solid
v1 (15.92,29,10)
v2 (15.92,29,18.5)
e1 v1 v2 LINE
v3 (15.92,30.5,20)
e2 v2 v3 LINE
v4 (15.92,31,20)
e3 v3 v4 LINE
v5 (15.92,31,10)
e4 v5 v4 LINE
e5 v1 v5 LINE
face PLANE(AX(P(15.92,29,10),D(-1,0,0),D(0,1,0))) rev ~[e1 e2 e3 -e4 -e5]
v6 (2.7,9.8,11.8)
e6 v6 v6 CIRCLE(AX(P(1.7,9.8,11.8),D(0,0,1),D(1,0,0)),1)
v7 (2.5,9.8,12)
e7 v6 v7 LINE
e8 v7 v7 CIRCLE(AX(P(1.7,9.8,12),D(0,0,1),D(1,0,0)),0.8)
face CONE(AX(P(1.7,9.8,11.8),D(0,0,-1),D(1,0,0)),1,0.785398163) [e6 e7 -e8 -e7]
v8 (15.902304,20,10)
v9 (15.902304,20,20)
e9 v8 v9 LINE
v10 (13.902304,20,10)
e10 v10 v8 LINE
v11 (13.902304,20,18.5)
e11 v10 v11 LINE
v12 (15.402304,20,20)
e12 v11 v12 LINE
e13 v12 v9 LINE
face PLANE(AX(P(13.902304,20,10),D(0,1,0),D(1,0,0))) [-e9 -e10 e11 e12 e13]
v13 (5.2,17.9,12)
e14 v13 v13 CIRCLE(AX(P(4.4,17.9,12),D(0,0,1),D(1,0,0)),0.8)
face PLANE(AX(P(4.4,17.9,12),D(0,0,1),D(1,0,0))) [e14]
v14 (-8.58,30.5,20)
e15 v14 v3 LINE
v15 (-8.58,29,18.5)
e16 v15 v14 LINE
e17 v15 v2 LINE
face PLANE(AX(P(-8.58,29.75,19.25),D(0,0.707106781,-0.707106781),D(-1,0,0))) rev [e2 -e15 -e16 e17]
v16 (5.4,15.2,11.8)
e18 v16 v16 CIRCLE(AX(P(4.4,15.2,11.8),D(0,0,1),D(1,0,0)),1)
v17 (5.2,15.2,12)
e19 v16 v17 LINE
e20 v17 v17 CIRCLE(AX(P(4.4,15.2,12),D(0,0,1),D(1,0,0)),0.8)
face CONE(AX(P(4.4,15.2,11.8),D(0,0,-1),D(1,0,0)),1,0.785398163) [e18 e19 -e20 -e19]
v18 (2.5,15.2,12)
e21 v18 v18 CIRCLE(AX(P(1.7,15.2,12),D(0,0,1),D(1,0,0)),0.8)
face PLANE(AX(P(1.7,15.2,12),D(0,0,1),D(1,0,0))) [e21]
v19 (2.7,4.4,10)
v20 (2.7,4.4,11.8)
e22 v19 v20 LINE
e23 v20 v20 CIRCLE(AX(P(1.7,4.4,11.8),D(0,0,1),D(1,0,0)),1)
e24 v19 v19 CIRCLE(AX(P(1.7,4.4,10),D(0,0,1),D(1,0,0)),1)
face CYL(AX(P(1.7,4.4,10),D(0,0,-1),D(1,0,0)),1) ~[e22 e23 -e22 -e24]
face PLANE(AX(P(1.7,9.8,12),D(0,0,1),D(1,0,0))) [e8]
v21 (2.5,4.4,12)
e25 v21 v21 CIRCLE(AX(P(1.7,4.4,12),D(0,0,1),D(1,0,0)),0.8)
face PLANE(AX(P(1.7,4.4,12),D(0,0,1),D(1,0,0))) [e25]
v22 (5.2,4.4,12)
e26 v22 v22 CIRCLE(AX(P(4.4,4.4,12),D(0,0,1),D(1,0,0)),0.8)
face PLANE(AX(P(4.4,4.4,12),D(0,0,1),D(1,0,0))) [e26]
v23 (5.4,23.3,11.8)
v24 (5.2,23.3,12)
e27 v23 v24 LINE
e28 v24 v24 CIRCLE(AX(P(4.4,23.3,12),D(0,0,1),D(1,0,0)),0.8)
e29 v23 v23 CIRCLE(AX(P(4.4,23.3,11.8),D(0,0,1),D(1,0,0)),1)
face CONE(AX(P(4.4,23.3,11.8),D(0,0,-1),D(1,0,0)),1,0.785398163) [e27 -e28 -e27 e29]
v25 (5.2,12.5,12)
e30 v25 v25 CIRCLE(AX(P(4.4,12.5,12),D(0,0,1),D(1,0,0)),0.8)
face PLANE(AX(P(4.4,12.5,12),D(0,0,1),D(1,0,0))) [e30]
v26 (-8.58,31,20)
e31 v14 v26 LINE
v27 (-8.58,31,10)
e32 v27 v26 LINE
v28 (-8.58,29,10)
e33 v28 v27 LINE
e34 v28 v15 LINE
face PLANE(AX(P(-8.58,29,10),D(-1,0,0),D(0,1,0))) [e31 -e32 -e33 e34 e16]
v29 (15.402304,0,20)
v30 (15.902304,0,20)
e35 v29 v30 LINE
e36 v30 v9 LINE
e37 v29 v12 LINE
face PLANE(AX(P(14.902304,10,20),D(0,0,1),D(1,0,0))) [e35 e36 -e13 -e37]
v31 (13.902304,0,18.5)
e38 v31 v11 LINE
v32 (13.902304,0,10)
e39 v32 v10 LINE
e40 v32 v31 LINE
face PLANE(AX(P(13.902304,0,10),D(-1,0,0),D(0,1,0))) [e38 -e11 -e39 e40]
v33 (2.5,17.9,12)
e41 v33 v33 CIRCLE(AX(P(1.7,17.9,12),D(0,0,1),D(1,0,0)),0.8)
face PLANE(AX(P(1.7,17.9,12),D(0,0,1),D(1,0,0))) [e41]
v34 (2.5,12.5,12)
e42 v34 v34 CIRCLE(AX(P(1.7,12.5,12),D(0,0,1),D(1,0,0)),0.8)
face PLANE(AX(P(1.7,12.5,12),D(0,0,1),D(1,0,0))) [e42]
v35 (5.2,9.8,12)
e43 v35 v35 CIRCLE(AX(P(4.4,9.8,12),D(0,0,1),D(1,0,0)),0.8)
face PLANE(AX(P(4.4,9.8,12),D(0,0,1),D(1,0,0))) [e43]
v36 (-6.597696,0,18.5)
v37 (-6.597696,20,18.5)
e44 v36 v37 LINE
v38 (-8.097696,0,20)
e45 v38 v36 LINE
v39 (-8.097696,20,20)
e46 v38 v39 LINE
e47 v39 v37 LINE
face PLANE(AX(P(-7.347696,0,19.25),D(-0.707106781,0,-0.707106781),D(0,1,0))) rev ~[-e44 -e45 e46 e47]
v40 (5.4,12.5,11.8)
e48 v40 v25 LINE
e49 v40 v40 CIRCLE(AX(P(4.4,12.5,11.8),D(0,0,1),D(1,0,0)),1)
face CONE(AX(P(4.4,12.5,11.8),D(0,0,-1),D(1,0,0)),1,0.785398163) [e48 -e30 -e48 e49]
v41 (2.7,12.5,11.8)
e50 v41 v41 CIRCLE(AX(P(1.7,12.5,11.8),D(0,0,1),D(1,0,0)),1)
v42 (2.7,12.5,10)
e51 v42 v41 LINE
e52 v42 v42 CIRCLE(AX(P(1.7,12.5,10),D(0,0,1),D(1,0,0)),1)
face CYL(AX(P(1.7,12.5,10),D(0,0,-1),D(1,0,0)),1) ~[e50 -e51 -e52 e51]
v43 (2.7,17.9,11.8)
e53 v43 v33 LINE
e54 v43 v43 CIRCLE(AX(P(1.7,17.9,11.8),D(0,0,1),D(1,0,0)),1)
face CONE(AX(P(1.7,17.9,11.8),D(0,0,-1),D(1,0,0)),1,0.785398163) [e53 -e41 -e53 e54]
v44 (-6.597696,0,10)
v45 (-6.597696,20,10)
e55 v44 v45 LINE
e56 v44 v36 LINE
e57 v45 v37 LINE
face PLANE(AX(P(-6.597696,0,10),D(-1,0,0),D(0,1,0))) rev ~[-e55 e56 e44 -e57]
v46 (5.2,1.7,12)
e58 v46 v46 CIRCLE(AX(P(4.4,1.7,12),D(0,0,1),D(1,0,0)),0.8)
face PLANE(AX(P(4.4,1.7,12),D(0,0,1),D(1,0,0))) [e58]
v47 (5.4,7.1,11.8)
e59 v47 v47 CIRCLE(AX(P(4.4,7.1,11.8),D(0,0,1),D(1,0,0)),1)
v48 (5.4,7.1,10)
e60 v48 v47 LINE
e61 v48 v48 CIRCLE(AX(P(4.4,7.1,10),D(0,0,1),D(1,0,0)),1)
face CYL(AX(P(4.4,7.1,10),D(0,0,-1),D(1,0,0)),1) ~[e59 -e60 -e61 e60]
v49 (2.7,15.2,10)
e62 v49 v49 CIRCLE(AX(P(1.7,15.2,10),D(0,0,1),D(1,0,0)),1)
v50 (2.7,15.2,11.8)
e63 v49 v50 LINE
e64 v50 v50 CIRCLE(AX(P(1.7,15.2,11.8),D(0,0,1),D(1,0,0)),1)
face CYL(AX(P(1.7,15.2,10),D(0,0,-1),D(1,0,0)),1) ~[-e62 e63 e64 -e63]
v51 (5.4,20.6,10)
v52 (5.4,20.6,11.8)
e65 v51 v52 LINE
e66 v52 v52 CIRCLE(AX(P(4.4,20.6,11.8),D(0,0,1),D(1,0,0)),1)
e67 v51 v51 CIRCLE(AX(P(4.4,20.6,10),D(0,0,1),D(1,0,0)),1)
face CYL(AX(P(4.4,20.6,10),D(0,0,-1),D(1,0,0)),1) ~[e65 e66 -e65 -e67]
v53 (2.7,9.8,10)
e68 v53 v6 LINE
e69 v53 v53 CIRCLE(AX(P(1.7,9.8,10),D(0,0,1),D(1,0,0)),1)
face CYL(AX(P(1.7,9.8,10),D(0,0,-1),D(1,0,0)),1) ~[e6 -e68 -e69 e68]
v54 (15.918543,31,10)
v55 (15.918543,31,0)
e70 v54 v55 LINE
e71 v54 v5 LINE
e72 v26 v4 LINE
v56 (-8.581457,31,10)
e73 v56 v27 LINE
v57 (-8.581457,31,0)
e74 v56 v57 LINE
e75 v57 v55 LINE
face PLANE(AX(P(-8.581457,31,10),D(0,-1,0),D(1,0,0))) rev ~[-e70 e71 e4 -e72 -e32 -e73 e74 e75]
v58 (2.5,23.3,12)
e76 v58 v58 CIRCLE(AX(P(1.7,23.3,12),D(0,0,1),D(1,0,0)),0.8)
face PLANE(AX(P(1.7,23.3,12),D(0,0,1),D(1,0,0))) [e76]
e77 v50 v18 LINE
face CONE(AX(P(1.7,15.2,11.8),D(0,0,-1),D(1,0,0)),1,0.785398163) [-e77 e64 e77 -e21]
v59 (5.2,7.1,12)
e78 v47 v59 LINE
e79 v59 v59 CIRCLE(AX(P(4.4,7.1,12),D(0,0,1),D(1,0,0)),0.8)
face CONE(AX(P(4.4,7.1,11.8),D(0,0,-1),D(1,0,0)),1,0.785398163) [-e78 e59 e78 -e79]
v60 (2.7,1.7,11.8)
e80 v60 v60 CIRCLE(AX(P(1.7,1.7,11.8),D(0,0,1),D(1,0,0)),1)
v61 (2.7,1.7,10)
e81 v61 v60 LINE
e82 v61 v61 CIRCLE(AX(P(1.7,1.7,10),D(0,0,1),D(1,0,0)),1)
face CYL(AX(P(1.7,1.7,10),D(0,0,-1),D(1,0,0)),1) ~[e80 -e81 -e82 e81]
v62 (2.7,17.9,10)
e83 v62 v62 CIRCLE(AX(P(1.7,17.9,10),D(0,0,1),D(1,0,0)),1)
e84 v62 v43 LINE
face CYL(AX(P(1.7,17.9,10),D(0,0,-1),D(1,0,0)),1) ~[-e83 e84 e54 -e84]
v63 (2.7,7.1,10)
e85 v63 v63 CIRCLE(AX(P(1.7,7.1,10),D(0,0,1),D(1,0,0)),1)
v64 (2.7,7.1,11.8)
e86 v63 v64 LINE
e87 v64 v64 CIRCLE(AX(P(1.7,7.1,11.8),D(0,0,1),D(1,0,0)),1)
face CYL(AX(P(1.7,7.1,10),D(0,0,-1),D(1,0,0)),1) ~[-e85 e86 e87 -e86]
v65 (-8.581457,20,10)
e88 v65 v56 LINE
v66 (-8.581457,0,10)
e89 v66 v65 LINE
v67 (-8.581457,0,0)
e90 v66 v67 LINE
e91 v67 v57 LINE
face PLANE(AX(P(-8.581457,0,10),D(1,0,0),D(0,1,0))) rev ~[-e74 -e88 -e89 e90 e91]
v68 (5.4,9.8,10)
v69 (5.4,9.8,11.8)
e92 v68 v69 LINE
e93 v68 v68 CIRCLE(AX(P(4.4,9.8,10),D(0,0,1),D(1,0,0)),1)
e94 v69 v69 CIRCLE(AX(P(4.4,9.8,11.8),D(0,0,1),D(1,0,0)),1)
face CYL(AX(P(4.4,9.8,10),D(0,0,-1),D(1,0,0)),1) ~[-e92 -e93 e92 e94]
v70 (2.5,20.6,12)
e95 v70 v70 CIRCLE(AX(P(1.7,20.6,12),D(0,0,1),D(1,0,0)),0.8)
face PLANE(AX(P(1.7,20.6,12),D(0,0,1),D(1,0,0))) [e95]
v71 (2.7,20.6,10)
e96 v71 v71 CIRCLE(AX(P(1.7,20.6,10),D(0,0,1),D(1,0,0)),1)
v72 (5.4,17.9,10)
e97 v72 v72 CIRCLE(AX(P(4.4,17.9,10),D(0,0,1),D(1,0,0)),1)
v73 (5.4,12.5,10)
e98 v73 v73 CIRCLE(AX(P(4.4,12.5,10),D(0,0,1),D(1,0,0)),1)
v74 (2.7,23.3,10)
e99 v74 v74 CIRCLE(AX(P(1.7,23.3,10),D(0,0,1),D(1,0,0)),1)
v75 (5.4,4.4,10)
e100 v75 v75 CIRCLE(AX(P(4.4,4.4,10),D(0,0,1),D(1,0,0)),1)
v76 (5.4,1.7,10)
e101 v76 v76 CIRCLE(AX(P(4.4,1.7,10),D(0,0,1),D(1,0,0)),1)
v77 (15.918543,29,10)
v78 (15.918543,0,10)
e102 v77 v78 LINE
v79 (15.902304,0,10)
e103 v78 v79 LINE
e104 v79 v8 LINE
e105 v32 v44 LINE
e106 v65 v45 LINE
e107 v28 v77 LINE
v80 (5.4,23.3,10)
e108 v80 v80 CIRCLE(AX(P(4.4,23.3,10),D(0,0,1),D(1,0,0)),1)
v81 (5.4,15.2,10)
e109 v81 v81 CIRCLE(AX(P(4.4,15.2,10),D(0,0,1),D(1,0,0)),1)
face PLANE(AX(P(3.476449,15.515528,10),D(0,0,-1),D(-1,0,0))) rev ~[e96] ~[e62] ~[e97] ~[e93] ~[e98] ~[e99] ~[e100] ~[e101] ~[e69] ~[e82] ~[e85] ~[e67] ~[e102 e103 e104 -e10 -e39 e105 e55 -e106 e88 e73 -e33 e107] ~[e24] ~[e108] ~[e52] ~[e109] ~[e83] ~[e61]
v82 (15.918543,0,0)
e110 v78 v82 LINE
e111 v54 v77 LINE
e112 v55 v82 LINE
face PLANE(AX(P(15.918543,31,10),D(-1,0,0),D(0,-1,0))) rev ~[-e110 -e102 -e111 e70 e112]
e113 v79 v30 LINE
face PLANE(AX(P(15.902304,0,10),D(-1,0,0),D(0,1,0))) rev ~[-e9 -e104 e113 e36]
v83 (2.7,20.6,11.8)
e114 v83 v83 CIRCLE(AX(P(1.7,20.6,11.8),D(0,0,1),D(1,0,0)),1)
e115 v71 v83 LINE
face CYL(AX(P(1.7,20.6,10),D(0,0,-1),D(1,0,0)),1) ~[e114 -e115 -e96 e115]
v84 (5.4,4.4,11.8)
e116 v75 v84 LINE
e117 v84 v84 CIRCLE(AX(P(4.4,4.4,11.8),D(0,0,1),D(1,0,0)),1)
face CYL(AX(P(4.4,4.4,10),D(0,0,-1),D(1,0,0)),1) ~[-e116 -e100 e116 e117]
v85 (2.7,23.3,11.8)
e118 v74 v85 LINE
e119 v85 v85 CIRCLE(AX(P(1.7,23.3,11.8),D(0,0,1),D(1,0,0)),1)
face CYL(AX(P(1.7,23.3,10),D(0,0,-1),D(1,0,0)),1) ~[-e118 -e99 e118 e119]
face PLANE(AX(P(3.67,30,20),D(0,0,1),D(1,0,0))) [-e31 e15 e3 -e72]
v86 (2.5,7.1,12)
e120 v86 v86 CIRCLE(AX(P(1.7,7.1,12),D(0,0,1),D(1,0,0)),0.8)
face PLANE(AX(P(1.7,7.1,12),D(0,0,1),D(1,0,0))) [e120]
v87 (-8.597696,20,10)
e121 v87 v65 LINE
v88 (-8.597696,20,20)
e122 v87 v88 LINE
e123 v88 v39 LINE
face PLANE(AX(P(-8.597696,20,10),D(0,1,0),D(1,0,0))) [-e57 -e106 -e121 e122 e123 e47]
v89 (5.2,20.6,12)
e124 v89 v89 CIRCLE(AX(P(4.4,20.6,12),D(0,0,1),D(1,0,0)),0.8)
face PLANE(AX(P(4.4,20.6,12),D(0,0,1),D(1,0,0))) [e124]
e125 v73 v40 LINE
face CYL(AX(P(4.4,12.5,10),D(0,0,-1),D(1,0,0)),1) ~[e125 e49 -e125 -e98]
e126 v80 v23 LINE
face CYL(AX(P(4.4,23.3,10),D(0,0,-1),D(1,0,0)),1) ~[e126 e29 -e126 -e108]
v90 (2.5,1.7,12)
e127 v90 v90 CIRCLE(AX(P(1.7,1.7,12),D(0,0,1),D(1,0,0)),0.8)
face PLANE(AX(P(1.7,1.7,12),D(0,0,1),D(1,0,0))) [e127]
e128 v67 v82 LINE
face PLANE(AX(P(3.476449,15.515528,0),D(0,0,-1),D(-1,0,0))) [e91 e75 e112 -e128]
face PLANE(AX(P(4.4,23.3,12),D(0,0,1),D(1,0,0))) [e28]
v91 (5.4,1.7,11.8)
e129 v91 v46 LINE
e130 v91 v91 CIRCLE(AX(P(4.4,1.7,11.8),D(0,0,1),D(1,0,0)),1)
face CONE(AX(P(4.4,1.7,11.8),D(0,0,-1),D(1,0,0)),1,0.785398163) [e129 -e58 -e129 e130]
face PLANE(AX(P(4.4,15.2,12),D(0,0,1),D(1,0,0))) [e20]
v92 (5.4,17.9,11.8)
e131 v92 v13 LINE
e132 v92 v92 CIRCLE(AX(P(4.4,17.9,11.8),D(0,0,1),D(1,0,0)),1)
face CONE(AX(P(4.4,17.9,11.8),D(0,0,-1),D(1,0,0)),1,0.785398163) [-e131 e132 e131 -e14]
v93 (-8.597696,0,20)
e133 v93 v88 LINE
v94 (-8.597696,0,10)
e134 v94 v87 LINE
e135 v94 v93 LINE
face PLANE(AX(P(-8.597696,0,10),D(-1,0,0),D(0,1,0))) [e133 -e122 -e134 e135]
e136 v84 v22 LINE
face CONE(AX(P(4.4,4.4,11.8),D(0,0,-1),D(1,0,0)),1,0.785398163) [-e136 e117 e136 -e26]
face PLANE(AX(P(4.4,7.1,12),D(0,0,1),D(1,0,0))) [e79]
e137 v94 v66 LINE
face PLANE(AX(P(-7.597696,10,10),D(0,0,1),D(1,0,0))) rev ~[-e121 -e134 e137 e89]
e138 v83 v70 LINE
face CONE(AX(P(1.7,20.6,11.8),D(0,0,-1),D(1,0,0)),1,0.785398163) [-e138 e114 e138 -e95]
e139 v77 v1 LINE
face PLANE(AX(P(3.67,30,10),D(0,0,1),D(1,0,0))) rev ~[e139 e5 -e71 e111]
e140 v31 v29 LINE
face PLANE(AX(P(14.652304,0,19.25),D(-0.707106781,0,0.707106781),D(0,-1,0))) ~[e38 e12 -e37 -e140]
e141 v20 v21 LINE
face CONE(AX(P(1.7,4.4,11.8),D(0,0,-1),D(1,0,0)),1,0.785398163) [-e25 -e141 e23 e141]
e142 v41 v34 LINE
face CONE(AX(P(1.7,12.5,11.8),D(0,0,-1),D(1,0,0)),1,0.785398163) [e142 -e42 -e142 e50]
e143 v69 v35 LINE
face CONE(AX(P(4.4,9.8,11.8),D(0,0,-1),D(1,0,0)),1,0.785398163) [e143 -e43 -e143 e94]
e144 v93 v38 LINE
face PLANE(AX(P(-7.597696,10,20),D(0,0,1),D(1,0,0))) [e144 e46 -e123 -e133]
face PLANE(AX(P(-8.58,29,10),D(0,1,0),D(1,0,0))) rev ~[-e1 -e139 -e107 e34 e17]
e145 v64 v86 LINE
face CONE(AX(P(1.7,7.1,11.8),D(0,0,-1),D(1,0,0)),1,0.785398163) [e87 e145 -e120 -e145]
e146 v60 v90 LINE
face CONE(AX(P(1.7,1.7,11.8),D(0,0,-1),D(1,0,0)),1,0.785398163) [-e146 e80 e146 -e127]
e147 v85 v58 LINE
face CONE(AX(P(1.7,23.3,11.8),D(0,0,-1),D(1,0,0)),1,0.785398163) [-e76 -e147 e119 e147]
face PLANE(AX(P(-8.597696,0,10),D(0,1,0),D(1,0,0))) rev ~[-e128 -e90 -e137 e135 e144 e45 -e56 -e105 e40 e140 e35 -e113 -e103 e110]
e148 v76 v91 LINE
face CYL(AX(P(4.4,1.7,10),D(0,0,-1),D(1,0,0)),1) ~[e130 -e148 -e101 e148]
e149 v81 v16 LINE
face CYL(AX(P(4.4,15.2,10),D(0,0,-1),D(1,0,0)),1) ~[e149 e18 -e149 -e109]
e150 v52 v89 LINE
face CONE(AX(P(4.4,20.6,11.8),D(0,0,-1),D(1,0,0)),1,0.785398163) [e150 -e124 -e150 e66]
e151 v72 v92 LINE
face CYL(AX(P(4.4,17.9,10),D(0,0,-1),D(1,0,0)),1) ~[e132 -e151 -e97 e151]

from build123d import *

# Parameters (mm, degrees)
SKETCH_W        = 6.1
SKETCH_H        = 25
PAD_DEPTH       = 10
SKETCH001_R     = 1
PAD001_DEPTH    = 2
CHAMFER_SIZE    = 0.2
PAD002_DEPTH    = 10
SKETCH003_W     = 2
SKETCH003_H     = 20
SKETCH003_W_2   = 24.5
SKETCH003_H_2   = 2
PAD003_DEPTH    = 10
CHAMFER001_SIZE = 1.5


with BuildPart() as part:
    # Sketch → Pad (new body)
    with BuildSketch(Plane.XY):
        with Locations((3.05, 12.5)):
            Rectangle(SKETCH_W, SKETCH_H)
    extrude(amount=PAD_DEPTH)

    # Sketch001 (on Face6 of Pad) → Pad001 (join)
    with BuildSketch(Plane.XY.offset(10)):
        with Locations((1.7, 23.3)):
            Circle(SKETCH001_R)
        with Locations((1.7, 20.6)):
            Circle(SKETCH001_R)
        with Locations((1.7, 17.9)):
            Circle(SKETCH001_R)
        with Locations((1.7, 15.2)):
            Circle(SKETCH001_R)
        with Locations((1.7, 12.5)):
            Circle(SKETCH001_R)
        with Locations((1.7, 9.8)):
            Circle(SKETCH001_R)
        with Locations((1.7, 7.1)):
            Circle(SKETCH001_R)
        with Locations((1.7, 4.4)):
            Circle(SKETCH001_R)
        with Locations((1.7, 1.7)):
            Circle(SKETCH001_R)
        with Locations((4.4, 23.3)):
            Circle(SKETCH001_R)
        with Locations((4.4, 20.6)):
            Circle(SKETCH001_R)
        with Locations((4.4, 17.9)):
            Circle(SKETCH001_R)
        with Locations((4.4, 15.2)):
            Circle(SKETCH001_R)
        with Locations((4.4, 12.5)):
            Circle(SKETCH001_R)
        with Locations((4.4, 9.8)):
            Circle(SKETCH001_R)
        with Locations((4.4, 7.1)):
            Circle(SKETCH001_R)
        with Locations((4.4, 4.4)):
            Circle(SKETCH001_R)
        with Locations((4.4, 1.7)):
            Circle(SKETCH001_R)
    extrude(amount=PAD001_DEPTH)

    # Chamfer
    chamfer_edges = [part.edges().sort_by_distance(p)[0] for p in [
        (0.7, 15.2, 12),
        (3.4, 15.2, 12),
        (3.4, 12.5, 12),
        (0.7, 12.5, 12),
        (0.7, 9.8, 12),
        (3.4, 9.8, 12),
        (3.4, 7.1, 12),
        (0.7, 7.1, 12),
        (0.7, 4.4, 12),
        (3.4, 4.4, 12),
        (3.4, 1.7, 12),
        (0.7, 1.7, 12),
        (0.7, 17.9, 12),
        (3.4, 17.9, 12),
        (3.4, 20.6, 12),
        (0.7, 20.6, 12),
        (0.7, 23.3, 12),
        (3.4, 23.3, 12),
    ]]
    chamfer(chamfer_edges, length=CHAMFER_SIZE)

    # Sketch002 (on Face3 of Chamfer) → Pad002 (join)
    with BuildSketch(Plane.XY.offset(10)):
        Polygon((0, 25), (0, 0), (-8.581457, 0), (-8.581457, 31), (15.918543, 31), (15.918543, 0), (6.1, 0), (6.1, 25), align=None)
    extrude(amount=-PAD002_DEPTH)

    # Sketch003 (on Face5 of Pad002) → Pad003 (join)
    with BuildSketch(Plane.XY.offset(10)):
        with Locations((-7.597696, 10)):
            Rectangle(SKETCH003_W, SKETCH003_H)
        with Locations((3.67, 30)):
            Rectangle(SKETCH003_W_2, SKETCH003_H_2)
        with Locations((14.902304, 10)):
            Rectangle(SKETCH003_W, SKETCH003_H)
    extrude(amount=PAD003_DEPTH)

    # Chamfer001
    chamfer001_edges = [part.edges().sort_by_distance(p)[0] for p in [
        (13.902304, 10, 20),
        (-6.597696, 10, 20),
        (3.67, 29, 20),
    ]]
    chamfer(chamfer001_edges, length=CHAMFER001_SIZE)


solid = part.part
